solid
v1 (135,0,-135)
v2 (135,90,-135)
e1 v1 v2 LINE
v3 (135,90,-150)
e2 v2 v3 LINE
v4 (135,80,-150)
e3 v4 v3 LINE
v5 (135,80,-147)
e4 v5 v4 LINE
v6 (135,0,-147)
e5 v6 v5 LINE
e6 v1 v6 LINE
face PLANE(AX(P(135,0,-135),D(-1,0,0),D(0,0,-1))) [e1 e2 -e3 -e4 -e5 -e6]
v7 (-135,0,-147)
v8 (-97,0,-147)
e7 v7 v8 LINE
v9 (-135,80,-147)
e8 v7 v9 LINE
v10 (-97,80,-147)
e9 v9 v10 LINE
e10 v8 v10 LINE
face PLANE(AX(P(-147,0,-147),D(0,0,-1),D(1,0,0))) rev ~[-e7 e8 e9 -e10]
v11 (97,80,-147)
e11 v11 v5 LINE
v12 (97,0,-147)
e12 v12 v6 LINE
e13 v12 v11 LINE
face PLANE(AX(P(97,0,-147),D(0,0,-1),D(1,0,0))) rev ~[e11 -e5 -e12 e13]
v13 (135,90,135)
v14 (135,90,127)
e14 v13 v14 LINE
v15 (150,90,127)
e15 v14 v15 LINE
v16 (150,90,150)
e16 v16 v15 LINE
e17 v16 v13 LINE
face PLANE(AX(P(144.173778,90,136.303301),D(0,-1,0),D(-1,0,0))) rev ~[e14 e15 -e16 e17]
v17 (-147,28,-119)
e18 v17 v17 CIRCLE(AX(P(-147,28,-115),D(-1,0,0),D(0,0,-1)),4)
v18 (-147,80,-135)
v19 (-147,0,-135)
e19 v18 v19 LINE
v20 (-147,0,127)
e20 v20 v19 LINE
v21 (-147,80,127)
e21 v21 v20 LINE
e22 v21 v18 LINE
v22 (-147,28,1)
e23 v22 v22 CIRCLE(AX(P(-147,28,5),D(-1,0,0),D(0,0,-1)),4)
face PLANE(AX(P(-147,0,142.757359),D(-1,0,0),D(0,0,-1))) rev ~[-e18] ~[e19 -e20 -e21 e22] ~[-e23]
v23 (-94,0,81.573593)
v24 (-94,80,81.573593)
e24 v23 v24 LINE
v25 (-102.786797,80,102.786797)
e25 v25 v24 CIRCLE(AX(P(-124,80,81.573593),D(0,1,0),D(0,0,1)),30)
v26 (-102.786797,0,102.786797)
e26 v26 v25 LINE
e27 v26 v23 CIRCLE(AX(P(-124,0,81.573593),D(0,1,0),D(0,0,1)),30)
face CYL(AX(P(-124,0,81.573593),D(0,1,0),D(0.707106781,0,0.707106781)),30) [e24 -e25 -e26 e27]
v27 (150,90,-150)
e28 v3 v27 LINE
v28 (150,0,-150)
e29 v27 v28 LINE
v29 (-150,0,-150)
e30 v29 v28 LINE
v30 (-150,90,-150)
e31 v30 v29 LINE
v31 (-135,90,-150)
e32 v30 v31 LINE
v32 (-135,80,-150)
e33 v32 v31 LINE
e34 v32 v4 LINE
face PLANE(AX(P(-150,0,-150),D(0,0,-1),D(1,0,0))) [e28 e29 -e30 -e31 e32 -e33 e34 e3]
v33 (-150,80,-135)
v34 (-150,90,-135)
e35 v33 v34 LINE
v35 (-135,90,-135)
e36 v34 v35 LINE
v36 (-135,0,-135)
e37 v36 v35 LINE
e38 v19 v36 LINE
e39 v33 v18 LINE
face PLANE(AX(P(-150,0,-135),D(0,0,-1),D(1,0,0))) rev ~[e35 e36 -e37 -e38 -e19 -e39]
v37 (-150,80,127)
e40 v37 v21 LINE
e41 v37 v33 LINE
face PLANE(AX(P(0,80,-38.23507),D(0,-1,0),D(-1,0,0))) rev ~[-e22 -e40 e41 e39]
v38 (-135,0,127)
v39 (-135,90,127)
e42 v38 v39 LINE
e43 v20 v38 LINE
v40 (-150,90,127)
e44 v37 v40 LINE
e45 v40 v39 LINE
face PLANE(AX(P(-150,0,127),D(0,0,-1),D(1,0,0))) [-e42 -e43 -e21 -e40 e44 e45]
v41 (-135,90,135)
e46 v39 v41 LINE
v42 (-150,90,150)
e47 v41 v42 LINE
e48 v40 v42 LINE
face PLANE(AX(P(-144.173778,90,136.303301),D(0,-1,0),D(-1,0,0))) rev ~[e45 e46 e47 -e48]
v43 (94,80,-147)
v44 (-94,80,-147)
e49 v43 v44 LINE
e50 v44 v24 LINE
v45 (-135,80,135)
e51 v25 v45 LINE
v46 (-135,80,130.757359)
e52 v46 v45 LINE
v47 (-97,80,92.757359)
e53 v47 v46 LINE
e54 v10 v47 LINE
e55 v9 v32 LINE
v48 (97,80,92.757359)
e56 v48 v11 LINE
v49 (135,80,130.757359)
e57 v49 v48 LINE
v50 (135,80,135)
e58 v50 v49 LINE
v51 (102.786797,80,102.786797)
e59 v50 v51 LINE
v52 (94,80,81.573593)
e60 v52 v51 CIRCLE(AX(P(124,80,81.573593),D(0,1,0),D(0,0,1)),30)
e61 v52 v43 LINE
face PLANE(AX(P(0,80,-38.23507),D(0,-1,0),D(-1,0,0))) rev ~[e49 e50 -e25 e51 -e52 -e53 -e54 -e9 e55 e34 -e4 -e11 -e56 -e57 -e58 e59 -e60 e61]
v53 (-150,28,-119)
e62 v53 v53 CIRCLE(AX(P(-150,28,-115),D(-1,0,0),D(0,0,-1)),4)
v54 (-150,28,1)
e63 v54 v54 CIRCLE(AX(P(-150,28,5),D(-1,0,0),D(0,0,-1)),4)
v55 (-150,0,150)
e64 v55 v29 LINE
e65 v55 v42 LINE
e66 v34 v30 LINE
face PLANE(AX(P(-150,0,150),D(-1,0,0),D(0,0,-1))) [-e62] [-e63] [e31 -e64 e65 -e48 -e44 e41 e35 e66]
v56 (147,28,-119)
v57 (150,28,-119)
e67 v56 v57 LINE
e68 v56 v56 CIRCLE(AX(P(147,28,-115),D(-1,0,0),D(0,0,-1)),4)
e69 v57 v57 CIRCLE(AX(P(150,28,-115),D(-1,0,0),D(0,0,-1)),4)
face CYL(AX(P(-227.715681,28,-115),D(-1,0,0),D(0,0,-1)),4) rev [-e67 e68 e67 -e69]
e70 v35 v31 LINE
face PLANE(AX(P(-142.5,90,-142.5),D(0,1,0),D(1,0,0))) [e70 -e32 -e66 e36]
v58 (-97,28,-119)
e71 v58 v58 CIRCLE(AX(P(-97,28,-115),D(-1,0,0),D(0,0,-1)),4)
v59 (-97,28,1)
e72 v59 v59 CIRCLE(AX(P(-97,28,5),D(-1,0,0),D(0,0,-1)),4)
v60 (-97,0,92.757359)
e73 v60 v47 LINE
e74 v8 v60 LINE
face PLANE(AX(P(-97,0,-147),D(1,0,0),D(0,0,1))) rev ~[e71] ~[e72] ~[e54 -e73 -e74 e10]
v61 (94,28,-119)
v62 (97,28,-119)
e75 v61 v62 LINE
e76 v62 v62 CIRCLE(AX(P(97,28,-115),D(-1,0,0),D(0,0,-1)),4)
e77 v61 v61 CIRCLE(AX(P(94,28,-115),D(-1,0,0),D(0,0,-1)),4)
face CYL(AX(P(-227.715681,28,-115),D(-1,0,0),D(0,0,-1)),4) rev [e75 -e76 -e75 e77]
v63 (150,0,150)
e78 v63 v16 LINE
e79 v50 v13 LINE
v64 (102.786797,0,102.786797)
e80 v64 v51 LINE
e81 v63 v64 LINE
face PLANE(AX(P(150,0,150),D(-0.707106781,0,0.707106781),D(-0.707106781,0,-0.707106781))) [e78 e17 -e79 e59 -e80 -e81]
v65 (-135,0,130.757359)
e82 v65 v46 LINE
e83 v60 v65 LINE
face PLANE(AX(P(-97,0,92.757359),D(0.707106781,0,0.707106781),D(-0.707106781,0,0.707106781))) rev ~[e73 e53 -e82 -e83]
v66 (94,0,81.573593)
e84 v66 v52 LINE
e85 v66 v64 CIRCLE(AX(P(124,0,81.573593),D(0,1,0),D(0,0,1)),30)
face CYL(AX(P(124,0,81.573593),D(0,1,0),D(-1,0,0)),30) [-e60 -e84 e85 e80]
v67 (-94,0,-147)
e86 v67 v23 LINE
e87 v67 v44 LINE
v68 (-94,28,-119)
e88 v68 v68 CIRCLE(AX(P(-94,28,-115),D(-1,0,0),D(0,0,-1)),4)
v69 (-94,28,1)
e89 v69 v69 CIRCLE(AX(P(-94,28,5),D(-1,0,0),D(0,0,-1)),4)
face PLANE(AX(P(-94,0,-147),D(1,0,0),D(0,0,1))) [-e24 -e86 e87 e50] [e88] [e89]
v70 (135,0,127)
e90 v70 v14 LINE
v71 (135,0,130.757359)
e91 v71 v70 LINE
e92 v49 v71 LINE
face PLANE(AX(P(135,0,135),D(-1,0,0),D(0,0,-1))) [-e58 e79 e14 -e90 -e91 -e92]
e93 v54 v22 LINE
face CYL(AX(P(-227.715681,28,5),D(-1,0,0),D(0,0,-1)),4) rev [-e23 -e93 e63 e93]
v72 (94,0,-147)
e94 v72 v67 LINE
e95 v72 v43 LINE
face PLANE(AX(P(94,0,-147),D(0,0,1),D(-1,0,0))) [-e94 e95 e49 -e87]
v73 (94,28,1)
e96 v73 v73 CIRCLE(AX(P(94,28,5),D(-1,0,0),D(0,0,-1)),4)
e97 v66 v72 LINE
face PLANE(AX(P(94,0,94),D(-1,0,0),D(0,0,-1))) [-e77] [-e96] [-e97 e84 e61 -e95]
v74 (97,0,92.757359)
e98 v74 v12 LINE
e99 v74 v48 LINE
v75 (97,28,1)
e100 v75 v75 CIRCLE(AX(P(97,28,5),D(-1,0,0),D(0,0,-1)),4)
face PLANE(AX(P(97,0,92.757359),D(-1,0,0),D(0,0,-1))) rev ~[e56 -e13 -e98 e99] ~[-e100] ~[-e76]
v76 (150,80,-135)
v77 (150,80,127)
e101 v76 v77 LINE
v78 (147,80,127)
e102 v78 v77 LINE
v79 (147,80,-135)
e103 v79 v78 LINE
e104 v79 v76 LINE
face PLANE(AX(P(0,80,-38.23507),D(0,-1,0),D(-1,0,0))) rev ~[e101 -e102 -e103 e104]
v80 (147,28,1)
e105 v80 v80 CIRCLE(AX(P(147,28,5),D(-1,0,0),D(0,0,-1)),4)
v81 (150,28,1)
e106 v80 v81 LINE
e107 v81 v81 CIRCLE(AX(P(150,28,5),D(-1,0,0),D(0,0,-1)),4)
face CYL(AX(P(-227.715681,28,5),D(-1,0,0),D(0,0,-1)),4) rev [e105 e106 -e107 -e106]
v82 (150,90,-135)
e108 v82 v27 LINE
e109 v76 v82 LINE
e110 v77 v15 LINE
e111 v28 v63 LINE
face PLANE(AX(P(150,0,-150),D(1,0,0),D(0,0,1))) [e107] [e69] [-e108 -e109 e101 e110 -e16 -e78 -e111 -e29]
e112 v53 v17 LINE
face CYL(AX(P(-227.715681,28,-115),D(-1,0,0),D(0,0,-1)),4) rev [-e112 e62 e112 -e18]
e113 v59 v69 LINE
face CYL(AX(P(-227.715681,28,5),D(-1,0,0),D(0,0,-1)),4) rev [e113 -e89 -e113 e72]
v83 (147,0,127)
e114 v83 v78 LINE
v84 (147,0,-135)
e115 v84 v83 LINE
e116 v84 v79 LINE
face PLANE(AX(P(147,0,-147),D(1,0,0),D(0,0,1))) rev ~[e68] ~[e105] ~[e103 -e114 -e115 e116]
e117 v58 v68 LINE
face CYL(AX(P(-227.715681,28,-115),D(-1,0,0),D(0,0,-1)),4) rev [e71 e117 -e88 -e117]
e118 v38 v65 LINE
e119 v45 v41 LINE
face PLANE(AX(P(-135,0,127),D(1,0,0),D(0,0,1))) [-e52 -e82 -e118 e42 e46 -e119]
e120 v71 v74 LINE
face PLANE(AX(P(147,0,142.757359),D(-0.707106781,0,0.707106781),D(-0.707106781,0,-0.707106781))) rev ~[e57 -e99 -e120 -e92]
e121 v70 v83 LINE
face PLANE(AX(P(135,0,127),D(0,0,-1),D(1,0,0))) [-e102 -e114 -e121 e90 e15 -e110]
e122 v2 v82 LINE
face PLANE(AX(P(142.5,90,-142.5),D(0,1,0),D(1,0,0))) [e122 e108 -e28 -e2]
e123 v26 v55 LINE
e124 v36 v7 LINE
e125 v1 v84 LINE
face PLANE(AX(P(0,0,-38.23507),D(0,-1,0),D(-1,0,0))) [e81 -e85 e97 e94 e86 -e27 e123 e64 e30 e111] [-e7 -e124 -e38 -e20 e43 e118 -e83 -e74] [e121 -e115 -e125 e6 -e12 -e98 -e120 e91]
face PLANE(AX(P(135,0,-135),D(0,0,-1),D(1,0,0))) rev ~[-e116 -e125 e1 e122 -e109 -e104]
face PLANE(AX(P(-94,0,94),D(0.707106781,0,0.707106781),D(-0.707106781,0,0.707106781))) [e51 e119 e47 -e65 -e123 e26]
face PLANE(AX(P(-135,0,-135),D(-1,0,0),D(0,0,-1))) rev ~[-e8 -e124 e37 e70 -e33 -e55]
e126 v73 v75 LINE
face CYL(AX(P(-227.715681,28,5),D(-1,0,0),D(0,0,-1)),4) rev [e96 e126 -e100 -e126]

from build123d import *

# Parameters (mm, degrees)
BOSS_EXTRUDE1_DEPTH     = 80
CUT_EXTRUDE1_DEPTH      = 227.715680975
CUT_EXTRUDE1_DEPTH_BACK = 227.715680975
SKETCH2_R               = 4
SKETCH5_W               = 15
SKETCH5_H               = 15
BOSS_EXTRUDE2_DEPTH     = 90
FILLET1_R               = 30


with BuildPart() as part:
    # Sketch1 → Boss-Extrude1 (new body)
    with BuildSketch(Plane(origin=(0, 0, 0), x_dir=(1, 0, 0), z_dir=(0, 1, 0))):
        Polygon((-150, 150), (150, 150), (150, -150), (94, -94), (94, 147), (-94, 147), (-94, -94), (-150, -150), align=None)
        Polygon((-147, 147), (-97, 147), (-97, -92.757359313), (-147, -142.757359313), align=None, mode=Mode.SUBTRACT)
        Polygon((147, 147), (147, -142.757359313), (97, -92.757359313), (97, 147), align=None, mode=Mode.SUBTRACT)
    extrude(amount=BOSS_EXTRUDE1_DEPTH)

    # Sketch2 → Cut-Extrude1 (cut, two sides: drawn at the far end of the back side and taken through both)
    with BuildSketch(Plane(origin=(0, 0, 0), x_dir=(0, 0, -1), z_dir=(1, 0, 0)).offset(-CUT_EXTRUDE1_DEPTH_BACK)):
        with Locations((115, 28)):
            Circle(SKETCH2_R)
        with Locations((-5, 28)):
            Circle(SKETCH2_R)
    extrude(amount=CUT_EXTRUDE1_DEPTH + CUT_EXTRUDE1_DEPTH_BACK, mode=Mode.SUBTRACT)

    # Sketch5 → Boss-Extrude2 (add)
    with BuildSketch(Plane(origin=(0, 0, 0), x_dir=(1, 0, 0), z_dir=(0, 1, 0))):
        Polygon((-150, -127), (-135, -127), (-135, -135), (-150, -150), (-150, -140.427238406), align=None)
        Polygon((150, -150), (135, -135), (135, -127), (150, -127), (150, -140.427238406), align=None)
        with Locations((142.5, 142.5)):
            Rectangle(SKETCH5_W, SKETCH5_H)
        with Locations((-142.5, 142.5)):
            Rectangle(SKETCH5_W, SKETCH5_H)
    extrude(amount=BOSS_EXTRUDE2_DEPTH)

    # Fillet1
    fillet1_edges = [part.edges().sort_by_distance(p)[0] for p in [
        (94, 40, 94),
        (-94, 40, 94),
    ]]
    fillet(fillet1_edges, radius=FILLET1_R)


solid = part.part
